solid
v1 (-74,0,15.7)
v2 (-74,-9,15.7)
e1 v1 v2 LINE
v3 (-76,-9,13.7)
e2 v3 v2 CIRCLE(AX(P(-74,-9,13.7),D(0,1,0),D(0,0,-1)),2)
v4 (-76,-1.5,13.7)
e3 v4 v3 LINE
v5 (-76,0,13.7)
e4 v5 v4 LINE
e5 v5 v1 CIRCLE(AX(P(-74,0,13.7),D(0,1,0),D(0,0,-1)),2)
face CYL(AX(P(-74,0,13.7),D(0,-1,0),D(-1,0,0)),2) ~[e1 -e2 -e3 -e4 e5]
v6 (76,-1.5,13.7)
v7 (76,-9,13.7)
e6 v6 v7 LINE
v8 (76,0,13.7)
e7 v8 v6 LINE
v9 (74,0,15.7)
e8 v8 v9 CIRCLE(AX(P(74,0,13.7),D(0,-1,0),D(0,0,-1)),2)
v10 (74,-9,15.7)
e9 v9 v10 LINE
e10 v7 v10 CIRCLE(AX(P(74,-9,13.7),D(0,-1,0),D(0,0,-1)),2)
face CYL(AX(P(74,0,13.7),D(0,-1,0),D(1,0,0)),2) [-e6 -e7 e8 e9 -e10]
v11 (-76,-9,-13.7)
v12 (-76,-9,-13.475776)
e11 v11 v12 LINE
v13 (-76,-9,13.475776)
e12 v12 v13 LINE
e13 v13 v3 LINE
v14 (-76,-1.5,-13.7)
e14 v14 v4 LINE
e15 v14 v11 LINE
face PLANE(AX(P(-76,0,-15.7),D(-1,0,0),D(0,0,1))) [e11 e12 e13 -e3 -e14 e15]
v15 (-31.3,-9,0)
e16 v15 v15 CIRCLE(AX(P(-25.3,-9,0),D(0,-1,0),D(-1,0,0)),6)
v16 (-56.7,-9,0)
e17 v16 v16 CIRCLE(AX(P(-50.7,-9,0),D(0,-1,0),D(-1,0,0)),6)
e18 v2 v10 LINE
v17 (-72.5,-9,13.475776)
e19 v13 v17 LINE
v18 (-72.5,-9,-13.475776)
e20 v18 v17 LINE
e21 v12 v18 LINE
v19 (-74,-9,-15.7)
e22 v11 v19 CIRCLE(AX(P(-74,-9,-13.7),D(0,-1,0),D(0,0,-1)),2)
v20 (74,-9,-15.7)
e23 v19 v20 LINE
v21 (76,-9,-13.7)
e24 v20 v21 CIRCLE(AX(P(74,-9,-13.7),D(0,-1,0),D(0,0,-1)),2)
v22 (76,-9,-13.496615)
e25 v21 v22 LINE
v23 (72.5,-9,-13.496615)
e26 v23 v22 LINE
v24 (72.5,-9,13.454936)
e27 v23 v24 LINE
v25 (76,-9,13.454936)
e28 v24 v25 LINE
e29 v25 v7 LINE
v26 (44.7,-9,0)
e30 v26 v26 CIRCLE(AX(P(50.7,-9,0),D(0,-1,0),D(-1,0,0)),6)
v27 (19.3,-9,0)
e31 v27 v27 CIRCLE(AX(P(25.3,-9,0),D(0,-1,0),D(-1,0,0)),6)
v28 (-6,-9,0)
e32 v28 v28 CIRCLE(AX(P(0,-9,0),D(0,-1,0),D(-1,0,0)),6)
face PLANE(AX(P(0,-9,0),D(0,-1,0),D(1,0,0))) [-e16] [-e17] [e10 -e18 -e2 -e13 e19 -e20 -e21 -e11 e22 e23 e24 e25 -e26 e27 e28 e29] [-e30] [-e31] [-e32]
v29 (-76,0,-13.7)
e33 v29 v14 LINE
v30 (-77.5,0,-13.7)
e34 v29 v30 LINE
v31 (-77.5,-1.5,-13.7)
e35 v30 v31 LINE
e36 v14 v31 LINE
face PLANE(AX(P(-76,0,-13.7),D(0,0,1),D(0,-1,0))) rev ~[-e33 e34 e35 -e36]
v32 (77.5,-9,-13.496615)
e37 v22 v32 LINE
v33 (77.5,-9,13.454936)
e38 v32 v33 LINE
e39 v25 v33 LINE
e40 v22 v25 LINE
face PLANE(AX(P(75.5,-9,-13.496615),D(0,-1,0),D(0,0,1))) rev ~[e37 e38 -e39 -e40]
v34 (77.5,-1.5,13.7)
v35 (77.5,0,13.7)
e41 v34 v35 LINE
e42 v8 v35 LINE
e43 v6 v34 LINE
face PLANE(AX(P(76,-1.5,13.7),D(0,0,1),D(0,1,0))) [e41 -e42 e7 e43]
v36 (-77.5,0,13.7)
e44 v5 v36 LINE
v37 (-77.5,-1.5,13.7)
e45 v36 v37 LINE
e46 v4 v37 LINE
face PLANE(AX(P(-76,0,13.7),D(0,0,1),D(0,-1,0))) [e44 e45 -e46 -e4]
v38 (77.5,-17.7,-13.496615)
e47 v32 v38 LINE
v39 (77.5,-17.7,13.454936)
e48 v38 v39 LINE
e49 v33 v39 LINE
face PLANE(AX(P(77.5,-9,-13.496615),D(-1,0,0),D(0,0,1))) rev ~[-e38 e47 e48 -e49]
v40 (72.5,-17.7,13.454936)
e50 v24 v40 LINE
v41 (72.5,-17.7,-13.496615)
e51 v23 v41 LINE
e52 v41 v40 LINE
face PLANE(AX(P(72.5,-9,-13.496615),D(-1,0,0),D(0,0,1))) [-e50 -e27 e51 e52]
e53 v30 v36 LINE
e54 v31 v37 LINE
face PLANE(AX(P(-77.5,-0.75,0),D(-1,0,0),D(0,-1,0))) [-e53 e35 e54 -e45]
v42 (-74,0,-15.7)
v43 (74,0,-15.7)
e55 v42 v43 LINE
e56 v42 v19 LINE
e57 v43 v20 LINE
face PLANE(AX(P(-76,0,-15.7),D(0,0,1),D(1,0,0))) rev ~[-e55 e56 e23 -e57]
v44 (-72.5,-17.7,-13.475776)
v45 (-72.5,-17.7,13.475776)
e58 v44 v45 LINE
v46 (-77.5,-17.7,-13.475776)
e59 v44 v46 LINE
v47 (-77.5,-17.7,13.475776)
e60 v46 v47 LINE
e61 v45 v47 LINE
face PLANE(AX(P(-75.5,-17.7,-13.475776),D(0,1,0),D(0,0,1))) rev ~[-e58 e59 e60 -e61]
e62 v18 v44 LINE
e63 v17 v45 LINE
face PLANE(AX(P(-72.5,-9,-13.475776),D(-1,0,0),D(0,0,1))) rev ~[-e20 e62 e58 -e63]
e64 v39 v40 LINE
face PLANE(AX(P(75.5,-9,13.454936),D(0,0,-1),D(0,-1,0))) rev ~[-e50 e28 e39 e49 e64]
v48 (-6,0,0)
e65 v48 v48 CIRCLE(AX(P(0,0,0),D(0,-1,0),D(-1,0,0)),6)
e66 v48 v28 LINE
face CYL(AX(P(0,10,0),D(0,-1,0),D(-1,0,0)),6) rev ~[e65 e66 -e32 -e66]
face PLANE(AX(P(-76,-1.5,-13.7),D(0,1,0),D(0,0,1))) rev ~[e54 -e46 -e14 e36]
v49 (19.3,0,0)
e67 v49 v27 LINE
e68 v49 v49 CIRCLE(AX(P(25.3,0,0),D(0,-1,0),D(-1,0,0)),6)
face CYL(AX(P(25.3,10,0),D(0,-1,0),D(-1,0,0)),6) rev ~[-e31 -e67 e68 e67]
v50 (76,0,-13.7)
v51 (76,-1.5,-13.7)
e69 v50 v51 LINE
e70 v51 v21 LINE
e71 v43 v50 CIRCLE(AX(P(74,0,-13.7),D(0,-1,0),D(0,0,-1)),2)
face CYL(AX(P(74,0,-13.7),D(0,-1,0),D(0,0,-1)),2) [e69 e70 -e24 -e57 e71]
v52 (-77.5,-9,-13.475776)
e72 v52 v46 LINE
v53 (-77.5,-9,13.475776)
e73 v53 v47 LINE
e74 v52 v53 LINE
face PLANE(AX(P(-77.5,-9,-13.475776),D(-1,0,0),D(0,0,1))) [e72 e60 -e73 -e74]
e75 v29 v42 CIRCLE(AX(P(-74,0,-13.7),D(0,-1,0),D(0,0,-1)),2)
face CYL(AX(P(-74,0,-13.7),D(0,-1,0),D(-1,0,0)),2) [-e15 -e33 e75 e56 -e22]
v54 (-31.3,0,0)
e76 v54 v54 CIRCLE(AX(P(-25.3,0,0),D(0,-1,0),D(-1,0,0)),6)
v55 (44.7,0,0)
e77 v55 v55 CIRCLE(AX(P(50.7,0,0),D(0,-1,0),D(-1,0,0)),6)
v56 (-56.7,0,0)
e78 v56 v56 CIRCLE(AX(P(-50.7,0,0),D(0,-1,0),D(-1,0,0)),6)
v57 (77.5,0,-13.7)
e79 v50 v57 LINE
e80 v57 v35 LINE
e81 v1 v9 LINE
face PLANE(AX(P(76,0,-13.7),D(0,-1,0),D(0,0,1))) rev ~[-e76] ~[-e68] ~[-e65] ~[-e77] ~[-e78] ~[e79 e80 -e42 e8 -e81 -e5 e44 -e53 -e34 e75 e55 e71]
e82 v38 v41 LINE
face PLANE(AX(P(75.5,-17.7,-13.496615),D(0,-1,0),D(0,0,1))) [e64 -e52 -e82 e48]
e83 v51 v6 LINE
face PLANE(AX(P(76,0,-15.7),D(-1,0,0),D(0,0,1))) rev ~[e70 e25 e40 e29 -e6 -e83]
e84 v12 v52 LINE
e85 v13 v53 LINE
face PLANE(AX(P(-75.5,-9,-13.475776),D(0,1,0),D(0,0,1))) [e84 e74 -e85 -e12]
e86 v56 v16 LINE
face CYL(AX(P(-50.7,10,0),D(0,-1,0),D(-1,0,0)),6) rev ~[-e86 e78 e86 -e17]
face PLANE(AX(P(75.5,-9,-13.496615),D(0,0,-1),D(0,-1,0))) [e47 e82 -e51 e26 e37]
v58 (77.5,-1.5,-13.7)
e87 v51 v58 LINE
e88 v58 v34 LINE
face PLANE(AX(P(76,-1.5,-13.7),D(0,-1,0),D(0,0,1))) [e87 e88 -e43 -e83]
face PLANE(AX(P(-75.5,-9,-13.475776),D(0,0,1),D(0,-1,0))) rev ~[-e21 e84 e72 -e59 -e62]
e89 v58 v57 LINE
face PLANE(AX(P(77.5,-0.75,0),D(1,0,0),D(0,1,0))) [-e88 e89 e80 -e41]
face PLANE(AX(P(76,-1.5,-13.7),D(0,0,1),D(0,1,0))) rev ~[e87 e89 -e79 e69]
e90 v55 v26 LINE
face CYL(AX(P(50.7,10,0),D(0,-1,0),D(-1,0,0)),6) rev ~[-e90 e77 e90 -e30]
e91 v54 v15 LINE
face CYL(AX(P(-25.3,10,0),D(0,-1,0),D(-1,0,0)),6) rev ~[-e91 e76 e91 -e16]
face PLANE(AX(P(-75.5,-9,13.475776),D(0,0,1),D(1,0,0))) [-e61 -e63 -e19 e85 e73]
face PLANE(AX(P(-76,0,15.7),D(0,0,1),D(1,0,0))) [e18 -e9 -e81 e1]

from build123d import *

# Parameters (mm, degrees)
F0_W      = 152
F0_H      = 31.4
F1_DEPTH  = 9
F2_R      = 2
F3_W      = 3
F3_H      = 26.9515514374
F4_DEPTH  = 8.7
F5_DEPTH  = 2
F6_DEPTH  = 2
F7_W      = 1.5
F7_H      = 27.4
F8_DEPTH  = 1.5
F9_W      = 1.5
F9_H      = 27.4
F10_DEPTH = 1.5
F11_D     = 12
F11_DEPTH = 10
F11_TIP   = 3.6051637142


with BuildPart() as f1:
    # F0 (on Front) → F1 (new body)
    with BuildSketch(Plane.XZ):
        Rectangle(F0_W, F0_H)
    extrude(amount=F1_DEPTH)

    # F2
    f2_edges = [f1.edges().sort_by_distance(p)[0] for p in [
        (76, -4.5, 15.7),
        (76, -4.5, -15.7),
        (-76, -4.5, -15.7),
        (-76, -4.5, 15.7),
    ]]
    fillet(f2_edges, radius=F2_R)

    # F3 (on face) → F4 (join)
    with BuildSketch(Plane.XZ.offset(9)):
        with Locations((-74, 0)):
            Rectangle(F3_W, F3_H)
        with Locations((74, -0.0208395504)):
            Rectangle(F3_W, F3_H)
    extrude(amount=F4_DEPTH)

    # F5 (add): a face of the model
    f5_faces = [f1.faces().sort_by_distance(p)[0] for p in [
        (-75.5, -13.35, 0),
    ]]
    extrude(f5_faces, amount=F5_DEPTH)

    # F6 (add): a face of the model
    f6_faces = [f1.faces().sort_by_distance(p)[0] for p in [
        (75.5, -13.35, -0.0208395504),
    ]]
    extrude(f6_faces, amount=F6_DEPTH)

    # F7 (on face) → F8 (join)
    with BuildSketch(Plane(origin=(-76, 0, 0), x_dir=(0, -1, 0), z_dir=(-1, 0, 0))):
        with Locations((0.75, 0)):
            Rectangle(F7_W, F7_H)
    extrude(amount=F8_DEPTH)

    # F9 (on face) → F10 (join)
    with BuildSketch(Plane.YZ.offset(76)):
        with Locations((-0.75, 0)):
            Rectangle(F9_W, F9_H)
    extrude(amount=F10_DEPTH)

    # F11
    with Locations(Plane(origin=(0, 0, 0), x_dir=(1, 0, 0), z_dir=(0, 1, 0))):
        with Locations((-50.7, 0), (-25.3, 0), (25.3, 0), (0, 0), (50.7, 0)):
            Hole(F11_D / 2, depth=F11_DEPTH)
            with Locations((0, 0, -(F11_DEPTH + F11_TIP / 2))):  # 118° drill point
                Cone(0, F11_D / 2, F11_TIP, mode=Mode.SUBTRACT)


solid = f1.part
